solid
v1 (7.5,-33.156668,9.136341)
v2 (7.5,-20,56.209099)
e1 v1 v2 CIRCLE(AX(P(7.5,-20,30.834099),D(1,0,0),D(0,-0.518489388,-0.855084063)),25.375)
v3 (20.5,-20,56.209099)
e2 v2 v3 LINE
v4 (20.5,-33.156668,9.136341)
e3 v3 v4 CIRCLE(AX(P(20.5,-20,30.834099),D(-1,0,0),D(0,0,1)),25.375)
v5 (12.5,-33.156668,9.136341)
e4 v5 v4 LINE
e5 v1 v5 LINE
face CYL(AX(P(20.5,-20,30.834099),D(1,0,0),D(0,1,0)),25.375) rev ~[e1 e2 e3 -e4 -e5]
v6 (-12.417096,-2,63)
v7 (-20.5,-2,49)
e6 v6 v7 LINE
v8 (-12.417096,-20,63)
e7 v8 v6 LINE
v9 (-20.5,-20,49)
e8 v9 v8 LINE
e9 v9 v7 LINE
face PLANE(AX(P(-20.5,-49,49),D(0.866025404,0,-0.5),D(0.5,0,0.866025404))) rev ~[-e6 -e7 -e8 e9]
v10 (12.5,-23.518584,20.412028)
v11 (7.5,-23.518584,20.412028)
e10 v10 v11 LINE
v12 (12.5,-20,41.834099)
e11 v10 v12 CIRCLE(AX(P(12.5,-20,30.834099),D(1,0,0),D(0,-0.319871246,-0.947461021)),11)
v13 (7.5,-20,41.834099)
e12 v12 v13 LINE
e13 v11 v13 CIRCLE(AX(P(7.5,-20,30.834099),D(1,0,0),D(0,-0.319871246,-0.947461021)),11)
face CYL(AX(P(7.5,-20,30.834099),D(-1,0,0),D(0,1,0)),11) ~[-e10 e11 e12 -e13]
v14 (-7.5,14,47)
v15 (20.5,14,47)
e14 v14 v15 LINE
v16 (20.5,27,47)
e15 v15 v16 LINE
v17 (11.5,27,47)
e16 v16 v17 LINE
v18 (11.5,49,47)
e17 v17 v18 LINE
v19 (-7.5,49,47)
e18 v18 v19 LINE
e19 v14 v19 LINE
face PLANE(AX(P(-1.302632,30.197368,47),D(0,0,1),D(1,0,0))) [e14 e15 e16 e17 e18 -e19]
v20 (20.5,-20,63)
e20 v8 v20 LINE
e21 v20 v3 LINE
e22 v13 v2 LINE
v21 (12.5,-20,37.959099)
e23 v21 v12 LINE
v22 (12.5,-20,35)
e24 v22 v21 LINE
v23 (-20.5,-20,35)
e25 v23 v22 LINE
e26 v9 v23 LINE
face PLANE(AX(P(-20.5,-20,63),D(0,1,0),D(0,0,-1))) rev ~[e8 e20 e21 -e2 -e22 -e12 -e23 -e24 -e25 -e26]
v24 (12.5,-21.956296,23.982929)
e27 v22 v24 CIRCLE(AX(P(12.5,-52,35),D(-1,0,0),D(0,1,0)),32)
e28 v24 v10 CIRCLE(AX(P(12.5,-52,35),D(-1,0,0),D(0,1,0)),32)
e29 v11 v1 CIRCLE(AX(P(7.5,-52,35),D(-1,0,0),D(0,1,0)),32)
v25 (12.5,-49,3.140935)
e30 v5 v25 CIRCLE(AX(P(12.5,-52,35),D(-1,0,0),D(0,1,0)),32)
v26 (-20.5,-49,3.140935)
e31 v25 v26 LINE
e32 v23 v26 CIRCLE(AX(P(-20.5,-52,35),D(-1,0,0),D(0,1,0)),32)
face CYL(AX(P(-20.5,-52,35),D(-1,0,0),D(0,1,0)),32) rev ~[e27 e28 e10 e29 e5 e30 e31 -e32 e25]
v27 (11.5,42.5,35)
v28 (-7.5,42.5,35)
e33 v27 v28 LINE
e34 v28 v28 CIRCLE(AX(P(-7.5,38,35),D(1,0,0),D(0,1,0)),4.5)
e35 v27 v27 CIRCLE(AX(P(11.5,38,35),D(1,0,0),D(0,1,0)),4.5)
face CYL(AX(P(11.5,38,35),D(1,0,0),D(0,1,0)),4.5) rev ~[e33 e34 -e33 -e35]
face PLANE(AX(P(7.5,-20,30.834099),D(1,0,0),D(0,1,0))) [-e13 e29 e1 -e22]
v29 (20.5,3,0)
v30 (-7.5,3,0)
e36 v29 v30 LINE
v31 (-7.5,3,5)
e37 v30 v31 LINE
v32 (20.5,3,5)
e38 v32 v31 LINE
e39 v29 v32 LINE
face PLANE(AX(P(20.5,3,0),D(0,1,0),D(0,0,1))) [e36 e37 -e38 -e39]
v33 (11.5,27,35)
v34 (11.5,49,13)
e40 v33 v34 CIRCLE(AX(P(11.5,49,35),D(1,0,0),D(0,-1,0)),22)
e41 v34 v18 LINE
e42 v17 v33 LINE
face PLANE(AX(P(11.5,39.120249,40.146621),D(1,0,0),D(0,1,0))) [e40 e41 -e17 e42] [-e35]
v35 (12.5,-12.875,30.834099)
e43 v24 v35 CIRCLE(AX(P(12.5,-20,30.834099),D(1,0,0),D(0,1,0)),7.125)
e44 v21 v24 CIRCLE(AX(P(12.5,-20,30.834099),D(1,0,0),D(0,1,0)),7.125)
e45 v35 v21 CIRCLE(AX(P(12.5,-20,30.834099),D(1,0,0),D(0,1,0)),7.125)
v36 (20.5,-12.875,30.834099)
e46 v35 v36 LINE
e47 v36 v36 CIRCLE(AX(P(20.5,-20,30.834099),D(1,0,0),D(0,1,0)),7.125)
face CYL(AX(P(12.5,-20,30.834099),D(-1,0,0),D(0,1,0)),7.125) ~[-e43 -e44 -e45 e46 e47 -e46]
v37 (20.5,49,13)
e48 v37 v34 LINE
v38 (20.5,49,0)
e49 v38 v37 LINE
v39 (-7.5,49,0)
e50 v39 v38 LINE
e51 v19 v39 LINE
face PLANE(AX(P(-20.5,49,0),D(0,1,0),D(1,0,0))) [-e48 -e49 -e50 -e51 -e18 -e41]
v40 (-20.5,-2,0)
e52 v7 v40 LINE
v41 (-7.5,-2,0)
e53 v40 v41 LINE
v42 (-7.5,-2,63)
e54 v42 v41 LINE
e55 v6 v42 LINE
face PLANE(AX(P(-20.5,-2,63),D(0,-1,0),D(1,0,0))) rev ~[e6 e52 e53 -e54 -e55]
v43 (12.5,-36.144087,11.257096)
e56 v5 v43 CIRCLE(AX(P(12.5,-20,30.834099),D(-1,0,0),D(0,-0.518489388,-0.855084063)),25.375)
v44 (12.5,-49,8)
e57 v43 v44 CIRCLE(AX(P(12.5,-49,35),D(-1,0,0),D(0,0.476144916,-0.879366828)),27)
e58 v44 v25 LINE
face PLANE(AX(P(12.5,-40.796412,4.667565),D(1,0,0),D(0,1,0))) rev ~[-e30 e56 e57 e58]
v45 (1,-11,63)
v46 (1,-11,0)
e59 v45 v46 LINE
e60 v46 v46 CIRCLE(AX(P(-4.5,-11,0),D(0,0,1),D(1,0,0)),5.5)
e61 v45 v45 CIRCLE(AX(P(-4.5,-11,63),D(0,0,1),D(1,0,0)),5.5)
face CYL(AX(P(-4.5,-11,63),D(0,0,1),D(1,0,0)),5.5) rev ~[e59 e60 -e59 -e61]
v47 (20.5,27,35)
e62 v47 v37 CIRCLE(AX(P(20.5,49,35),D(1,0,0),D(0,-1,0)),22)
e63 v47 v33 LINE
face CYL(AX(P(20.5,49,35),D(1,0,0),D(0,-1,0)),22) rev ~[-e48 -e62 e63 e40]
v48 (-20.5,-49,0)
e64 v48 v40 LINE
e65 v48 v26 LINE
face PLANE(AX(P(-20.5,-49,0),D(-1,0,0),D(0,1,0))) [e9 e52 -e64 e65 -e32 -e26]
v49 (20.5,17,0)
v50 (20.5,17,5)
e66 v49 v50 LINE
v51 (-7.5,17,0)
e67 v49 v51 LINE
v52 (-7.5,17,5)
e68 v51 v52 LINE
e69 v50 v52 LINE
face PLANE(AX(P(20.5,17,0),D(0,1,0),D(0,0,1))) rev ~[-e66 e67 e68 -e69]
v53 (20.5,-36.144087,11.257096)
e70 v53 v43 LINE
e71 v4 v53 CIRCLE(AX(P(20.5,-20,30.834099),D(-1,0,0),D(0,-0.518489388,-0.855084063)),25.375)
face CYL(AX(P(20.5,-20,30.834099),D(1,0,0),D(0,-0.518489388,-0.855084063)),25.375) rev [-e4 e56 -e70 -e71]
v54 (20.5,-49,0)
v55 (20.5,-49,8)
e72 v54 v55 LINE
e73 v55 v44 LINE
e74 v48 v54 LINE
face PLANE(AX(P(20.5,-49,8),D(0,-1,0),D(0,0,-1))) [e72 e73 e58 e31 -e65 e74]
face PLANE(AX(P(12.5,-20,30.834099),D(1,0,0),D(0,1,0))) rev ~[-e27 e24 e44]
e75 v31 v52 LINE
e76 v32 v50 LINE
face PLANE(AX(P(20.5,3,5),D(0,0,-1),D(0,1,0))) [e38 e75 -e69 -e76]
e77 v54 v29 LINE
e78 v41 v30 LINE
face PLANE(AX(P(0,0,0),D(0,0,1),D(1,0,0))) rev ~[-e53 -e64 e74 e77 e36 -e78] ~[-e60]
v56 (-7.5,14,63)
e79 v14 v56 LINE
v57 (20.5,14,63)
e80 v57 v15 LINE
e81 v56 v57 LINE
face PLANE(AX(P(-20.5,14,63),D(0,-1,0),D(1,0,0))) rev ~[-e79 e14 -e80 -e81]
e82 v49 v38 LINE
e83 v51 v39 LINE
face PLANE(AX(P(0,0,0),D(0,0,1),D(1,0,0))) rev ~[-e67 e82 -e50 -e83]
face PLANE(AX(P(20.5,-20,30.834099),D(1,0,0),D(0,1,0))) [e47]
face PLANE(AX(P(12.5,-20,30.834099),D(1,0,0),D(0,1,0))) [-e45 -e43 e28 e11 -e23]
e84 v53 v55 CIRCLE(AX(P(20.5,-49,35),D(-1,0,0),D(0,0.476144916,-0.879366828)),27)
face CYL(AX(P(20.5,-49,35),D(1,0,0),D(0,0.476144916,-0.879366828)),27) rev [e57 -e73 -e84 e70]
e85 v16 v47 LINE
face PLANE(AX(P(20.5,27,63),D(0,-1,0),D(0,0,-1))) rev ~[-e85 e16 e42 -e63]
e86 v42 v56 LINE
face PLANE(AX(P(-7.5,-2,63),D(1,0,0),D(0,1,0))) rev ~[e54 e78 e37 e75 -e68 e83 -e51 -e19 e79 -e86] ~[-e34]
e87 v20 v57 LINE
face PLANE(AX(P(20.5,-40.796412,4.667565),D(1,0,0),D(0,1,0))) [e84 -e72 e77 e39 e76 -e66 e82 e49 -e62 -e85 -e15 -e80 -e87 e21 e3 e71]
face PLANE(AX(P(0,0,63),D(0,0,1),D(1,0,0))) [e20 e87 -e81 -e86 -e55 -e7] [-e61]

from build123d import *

# Parameters (mm, degrees)
F0_W      = 41
F0_H      = 98
F1_DEPTH  = 63
F3_DEPTH  = 9
F5_DEPTH  = 16
F7_DEPTH  = 98.001
F9_W      = 13
F9_H      = 51
F10_DEPTH = 63.001
F11_R     = 25.375
F12_DEPTH = 13
F13_R     = 11
F14_DEPTH = 5
F18_DEPTH = 41.001
F15_R     = 7.125
F19_DEPTH = 8
F22_DEPTH = 8
F23_W     = 14
F23_H     = 5
F24_DEPTH = 41.001
F25_R     = 4.5
F26_DEPTH = 32.001
F27_R     = 5.5
F28_DEPTH = 63.001


with BuildPart() as f1:
    # F0 (on Top) → F1 (new body)
    with BuildSketch(Plane.XY):
        Rectangle(F0_W, F0_H)
    extrude(amount=F1_DEPTH)

    # F2 (on face) → F3 (cut)
    with BuildSketch(Plane.YZ.offset(20.5)):
        with BuildLine():
            Line((27, 63), (27, 35))
            ThreePointArc((27, 35), (33.4436508139, 19.4436508139), (49, 13))
            Line((49, 13), (49, 63))
            Line((49, 63), (27, 63))
        make_face()
    extrude(amount=-F3_DEPTH, mode=Mode.SUBTRACT)

    # F4 (on face) → F5 (cut)
    with BuildSketch(Plane.XY.offset(63)):
        Polygon((11.5, 49), (-20.5, 49), (-20.5, 14), (20.5, 14), (20.5, 27), (11.5, 27), align=None)
    extrude(amount=-F5_DEPTH, mode=Mode.SUBTRACT)

    # F6 (on face) → F7 (cut, through all)
    with BuildSketch(Plane.XZ.offset(49)):
        Polygon((-20.5, 63), (-20.5, 49), (-12.4170962313, 63), align=None)
    extrude(amount=-F7_DEPTH, mode=Mode.SUBTRACT)

    # F9 (on offset) → F10 (cut, through all)
    with BuildSketch(Plane.XY.offset(63)):
        with Locations((-14, 23.5)):
            Rectangle(F9_W, F9_H)
    extrude(amount=-F10_DEPTH, mode=Mode.SUBTRACT)

    # F11 (on face) → F12 (cut)
    with BuildSketch(Plane.YZ.offset(20.5)):
        with Locations((-20, 30.8340992779)):
            Circle(F11_R)
    extrude(amount=-F12_DEPTH, mode=Mode.SUBTRACT)

    # F13 (on face) → F14 (join)
    with BuildSketch(Plane.YZ.offset(7.5)):
        with Locations((-20, 30.8340992779)):
            Circle(F13_R)
    extrude(amount=F14_DEPTH)

    # F17 (on offset) → F18 (cut, through all)
    with BuildSketch(Plane(origin=(-20.5, 0, 0), x_dir=(0, -1, 0), z_dir=(-1, 0, 0))):
        with BuildLine():
            Line((20, 63), (20, 35))
            ThreePointArc((20, 35), (68.2520480507, 7.4342434503), (67.4919333848, 63))
            Line((67.4919333848, 63), (20, 63))
        make_face()
    extrude(amount=-F18_DEPTH, mode=Mode.SUBTRACT)

    # F15 (on face) → F19 (join)
    with BuildSketch(Plane.YZ.offset(12.5)):
        with Locations((-20, 30.8340992779)):
            Circle(F15_R)
    extrude(amount=F19_DEPTH)

    # F21 (on offset) → F22 (join)
    with BuildSketch(Plane.YZ.offset(20.5)):
        with BuildLine():
            ThreePointArc((-36.1440872593, 11.2570956367), (-42.3689524888, 8.8269373419), (-49, 8))
            Line((-49, 8), (-49, 0))
            Line((-49, 0), (-33.1566682197, 0))
            Line((-33.1566682197, 0), (-33.1566682197, 9.1363411827))
            ThreePointArc((-33.1566682197, 9.1363411827), (-34.6887020452, 10.1427325461), (-36.1440872593, 11.2570956367))
        make_face()
    extrude(amount=-F22_DEPTH)

    # F23 (on face) → F24 (cut, through all)
    with BuildSketch(Plane.YZ.offset(20.5)):
        with Locations((10, 2.5)):
            Rectangle(F23_W, F23_H)
    extrude(amount=-F24_DEPTH, mode=Mode.SUBTRACT)

    # F25 (on face) → F26 (cut, through all)
    with BuildSketch(Plane.YZ.offset(11.5)):
        with Locations((38, 35)):
            Circle(F25_R)
    extrude(amount=-F26_DEPTH, mode=Mode.SUBTRACT)

    # F27 (on face) → F28 (cut, through all)
    with BuildSketch(Plane.XY.offset(63)):
        with Locations((-4.5, -11)):
            Circle(F27_R)
    extrude(amount=-F28_DEPTH, mode=Mode.SUBTRACT)


solid = f1.part
